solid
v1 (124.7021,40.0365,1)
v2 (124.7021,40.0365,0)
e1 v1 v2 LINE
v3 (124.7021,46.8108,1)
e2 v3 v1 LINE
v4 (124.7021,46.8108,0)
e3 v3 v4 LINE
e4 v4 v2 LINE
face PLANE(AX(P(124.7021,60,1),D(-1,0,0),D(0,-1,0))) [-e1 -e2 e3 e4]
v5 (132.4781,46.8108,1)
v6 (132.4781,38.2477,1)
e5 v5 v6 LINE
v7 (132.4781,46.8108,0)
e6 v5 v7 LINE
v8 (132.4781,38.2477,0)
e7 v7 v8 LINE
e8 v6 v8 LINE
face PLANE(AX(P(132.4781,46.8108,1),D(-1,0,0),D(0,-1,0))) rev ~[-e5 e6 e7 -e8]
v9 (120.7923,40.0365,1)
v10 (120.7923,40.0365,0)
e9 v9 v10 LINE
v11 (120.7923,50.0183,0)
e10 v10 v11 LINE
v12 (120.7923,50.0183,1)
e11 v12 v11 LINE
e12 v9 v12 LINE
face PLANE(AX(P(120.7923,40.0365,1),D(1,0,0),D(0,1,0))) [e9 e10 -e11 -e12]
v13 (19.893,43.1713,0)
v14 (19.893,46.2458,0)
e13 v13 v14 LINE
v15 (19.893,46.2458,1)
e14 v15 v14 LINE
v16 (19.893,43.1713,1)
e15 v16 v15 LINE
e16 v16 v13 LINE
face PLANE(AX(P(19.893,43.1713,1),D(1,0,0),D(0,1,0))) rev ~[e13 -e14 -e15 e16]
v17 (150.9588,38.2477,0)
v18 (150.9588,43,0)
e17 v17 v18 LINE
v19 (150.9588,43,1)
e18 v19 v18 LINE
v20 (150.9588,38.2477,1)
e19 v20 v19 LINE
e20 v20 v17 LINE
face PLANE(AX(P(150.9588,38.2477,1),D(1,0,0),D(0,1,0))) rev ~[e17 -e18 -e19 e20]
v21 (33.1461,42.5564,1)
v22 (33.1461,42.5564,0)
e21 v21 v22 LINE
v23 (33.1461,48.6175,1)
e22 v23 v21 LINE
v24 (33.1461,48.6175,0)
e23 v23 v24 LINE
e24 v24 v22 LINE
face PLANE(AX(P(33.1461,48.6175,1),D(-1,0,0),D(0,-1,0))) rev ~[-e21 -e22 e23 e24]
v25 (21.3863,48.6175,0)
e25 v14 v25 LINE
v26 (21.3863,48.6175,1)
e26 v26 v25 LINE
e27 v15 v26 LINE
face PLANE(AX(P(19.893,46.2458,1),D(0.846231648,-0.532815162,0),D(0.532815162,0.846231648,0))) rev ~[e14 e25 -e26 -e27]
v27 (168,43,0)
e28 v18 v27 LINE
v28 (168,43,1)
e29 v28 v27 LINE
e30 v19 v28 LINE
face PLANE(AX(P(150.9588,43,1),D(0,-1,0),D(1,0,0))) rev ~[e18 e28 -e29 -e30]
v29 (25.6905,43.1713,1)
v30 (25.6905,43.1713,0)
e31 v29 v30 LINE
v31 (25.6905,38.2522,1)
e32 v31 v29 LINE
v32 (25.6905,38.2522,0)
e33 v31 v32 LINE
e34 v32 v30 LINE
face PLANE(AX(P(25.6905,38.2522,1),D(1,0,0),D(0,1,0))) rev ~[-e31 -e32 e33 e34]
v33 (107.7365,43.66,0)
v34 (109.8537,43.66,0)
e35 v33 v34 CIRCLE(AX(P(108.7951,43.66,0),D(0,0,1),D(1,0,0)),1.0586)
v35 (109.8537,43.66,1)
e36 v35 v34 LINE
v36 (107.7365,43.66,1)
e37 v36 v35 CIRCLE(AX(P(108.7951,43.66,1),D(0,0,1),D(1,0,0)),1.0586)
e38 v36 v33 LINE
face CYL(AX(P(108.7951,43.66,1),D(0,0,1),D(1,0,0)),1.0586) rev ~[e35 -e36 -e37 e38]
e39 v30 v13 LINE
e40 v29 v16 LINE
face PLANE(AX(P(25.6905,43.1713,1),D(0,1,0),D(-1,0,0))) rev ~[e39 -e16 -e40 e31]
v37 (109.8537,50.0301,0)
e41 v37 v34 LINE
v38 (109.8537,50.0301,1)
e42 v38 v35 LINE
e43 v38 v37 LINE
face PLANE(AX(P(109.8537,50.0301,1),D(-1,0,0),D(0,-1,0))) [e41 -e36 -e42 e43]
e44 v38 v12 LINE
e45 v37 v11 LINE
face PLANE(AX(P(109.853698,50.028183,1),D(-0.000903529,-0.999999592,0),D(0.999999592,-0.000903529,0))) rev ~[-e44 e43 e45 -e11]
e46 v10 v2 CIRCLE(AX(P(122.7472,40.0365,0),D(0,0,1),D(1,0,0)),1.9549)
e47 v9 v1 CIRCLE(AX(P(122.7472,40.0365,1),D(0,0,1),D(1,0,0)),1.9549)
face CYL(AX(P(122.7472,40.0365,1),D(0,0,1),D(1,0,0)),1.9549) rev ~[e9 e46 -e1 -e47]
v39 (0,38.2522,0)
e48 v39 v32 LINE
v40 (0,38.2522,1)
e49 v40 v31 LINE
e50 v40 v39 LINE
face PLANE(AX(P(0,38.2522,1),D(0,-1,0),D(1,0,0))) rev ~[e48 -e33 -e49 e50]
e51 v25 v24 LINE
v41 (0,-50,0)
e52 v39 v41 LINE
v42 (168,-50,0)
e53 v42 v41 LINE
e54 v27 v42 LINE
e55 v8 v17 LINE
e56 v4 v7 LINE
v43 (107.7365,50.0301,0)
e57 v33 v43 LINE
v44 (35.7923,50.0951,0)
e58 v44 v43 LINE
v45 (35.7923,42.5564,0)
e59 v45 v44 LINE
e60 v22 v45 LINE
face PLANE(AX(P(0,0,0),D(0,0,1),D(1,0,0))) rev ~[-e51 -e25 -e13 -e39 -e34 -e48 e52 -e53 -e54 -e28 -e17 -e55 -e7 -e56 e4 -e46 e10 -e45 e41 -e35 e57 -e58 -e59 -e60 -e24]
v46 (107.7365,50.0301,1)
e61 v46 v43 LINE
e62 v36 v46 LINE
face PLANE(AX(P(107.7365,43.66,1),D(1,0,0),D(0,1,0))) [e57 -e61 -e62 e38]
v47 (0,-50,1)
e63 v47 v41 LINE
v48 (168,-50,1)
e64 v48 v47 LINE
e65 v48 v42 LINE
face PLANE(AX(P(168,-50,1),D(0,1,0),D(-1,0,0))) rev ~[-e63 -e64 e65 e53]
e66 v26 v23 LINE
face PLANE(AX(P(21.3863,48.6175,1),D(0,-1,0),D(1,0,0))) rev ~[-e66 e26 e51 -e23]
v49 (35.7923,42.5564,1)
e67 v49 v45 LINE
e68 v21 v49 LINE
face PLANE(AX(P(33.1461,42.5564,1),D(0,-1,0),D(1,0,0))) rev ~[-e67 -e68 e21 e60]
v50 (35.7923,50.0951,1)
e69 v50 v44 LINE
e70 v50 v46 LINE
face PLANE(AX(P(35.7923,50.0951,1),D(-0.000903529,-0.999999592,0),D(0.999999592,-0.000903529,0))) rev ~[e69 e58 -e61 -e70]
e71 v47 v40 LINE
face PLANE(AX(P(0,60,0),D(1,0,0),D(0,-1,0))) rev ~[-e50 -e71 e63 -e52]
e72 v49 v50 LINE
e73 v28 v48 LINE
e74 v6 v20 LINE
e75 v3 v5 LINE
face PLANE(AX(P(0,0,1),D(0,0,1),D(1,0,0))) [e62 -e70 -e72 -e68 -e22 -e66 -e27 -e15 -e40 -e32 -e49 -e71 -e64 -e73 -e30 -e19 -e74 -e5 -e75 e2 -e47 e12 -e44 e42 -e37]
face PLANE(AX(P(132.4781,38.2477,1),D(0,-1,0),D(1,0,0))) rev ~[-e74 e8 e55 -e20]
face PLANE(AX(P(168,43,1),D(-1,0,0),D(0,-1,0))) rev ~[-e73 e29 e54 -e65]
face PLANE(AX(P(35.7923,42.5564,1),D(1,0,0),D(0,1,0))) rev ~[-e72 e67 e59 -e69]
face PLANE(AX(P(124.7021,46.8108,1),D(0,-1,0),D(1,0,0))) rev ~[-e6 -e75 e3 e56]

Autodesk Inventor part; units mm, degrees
ref_plane "YZ Plane" through (0, 0, 0) normal (1, 0, 0) x (0, 1, 0)
ref_plane "XZ Plane" through (0, 0, 0) normal (0, 1, 0) x (-1, 0, 0)
ref_plane "XY Plane" through (0, 0, 0) normal (0, 0, 1) x (1, 0, 0)
sketch "Sketch1" plane through (0, 0, 0) normal (0, 0, 1) x (1, 0, 0)
  line L0 (0, 96) -> (0, -72) projected
  line L1 (-18, 0) -> (234, 0) projected
  line L2 (0, 60) -> (180, 60)
  line L3 (180, 60) -> (180, -60)
  line L4 (180, -60) -> (0, -60)
  line L5 (0, -60) -> (0, 60)
  dimension "d0" = 180
  dimension "d1" = 120
extrude "Extrusion1" add sketch "Sketch1" along normal blind 1
decal "Decal2"
decal "Decal3"
sketch "Sketch5" plane through (0, 0, 1) normal (0, 0, 1) x (1, 0, 0)
  line L0 (0, 60) -> (180, 60) projected
  line L1 (0, -60) -> (0, 60) projected
  line L2 (180, -60) -> (0, -60) projected
  line L3 (0, 38.2522) -> (25.6905, 38.2522)
  line L4 (25.6905, 38.2522) -> (25.6905, 43.1713)
  line L5 (25.6905, 43.1713) -> (19.893, 43.1713)
  line L6 (19.893, 43.1713) -> (19.893, 46.2458)
  line L7 (19.893, 46.2458) -> (21.3863, 48.6175)
  line L8 (21.3863, 48.6175) -> (33.1461, 48.6175)
  line L9 (33.1461, 48.6175) -> (33.1461, 42.5564)
  line L10 (33.1461, 42.5564) -> (35.7923, 42.5564)
  line L11 (35.7923, 42.5564) -> (35.7923, 60)
  line L12 (120.7923, 60) -> (124.7021, 60)
  line L13 (124.7021, 60) -> (124.7021, 40.0365)
  line L14 (124.7021, 40.0365) -> (120.7923, 40.0365)
  line L15 (120.7923, 40.0365) -> (120.7923, 60)
  circle A0 centre (122.7472, 40.0365) radius 1.9549
  line L16 (35.7923, 50.0951) -> (120.7923, 50.0183)
  line L17 (107.7365, 50.0301) -> (109.8537, 50.0301)
  line L18 (109.8537, 50.0301) -> (109.8537, 43.66)
  line L19 (109.8537, 43.66) -> (107.7365, 43.66)
  line L20 (107.7365, 43.66) -> (107.7365, 50.0301)
  circle A1 centre (108.7951, 43.66) radius 1.0586
  dimension "d14" = 85
extrude "Extrusion2" cut sketch "Sketch5" against normal through all
sketch "Sketch6" plane through (0, 0, 1) normal (0, 0, 1) x (1, 0, 0)
  line L0 (124.7021, 60) -> (124.7021, 40.0365) projected
  line L1 (0, -60) -> (0, 38.2522) projected
  line L2 (180, -60) -> (0, -60) projected
  line L3 (180, 60) -> (180, -60) projected
  line L4 (124.7021, 60) -> (180, 60) projected
  line L5 (124.7021, 46.8108) -> (132.4781, 46.8108)
  line L6 (132.4781, 46.8108) -> (132.4781, 38.2477)
  line L7 (168, -50) -> (0, -50)
  line L8 (-18, 0) -> (234, 0) projected
  line L9 (168, 43) -> (168, -50)
  line L10 (132.4781, 38.2477) -> (150.9588, 38.2477)
  line L11 (150.9588, 38.2477) -> (150.9588, 43)
  line L12 (150.9588, 43) -> (168, 43)
  dimension "d16" = 93
  dimension "d17" = 10
  dimension "d18" = 168
extrude "Extrusion3" cut sketch "Sketch6" against normal through all contours L4 L3 L8 L9 L12 L11 L10 L6 L5 L0 | L3 L2 L1 L7 L9 L8
sketch "Sketch3" plane through (0, 0, 1) normal (0, 0, 1) x (1, 0, 0)
  line L0 (0, 50.1511) -> (168, 50.1511) construction
  line L1 (168, 50.1511) -> (168, -50.153) construction
  line L2 (168, -50.153) -> (0, -50.153) construction
  line L3 (0, -50.153) -> (0, 50.1511) construction
  point P0 (0, 0)
  point P1 (0, 0)
sketch "Sketch4" plane through (0, 0, 0) normal (0, 0, -1) x (-1, 0, 0)
  line L0 (0, -60) -> (0, 60) projected
  line L1 (-165.5, 50.5194) -> (0, 50.5194) construction
  line L2 (0, 50.5194) -> (0, -50.5196) construction
  line L3 (0, -50.5196) -> (-165.5, -50.5196) construction
  line L4 (-165.5, -50.5196) -> (-165.5, 50.5194) construction
  point P0 (0, 0)
  point P1 (0, 0)
  point P2 (0, -50.5196)
properties part number "config - graphic card"
